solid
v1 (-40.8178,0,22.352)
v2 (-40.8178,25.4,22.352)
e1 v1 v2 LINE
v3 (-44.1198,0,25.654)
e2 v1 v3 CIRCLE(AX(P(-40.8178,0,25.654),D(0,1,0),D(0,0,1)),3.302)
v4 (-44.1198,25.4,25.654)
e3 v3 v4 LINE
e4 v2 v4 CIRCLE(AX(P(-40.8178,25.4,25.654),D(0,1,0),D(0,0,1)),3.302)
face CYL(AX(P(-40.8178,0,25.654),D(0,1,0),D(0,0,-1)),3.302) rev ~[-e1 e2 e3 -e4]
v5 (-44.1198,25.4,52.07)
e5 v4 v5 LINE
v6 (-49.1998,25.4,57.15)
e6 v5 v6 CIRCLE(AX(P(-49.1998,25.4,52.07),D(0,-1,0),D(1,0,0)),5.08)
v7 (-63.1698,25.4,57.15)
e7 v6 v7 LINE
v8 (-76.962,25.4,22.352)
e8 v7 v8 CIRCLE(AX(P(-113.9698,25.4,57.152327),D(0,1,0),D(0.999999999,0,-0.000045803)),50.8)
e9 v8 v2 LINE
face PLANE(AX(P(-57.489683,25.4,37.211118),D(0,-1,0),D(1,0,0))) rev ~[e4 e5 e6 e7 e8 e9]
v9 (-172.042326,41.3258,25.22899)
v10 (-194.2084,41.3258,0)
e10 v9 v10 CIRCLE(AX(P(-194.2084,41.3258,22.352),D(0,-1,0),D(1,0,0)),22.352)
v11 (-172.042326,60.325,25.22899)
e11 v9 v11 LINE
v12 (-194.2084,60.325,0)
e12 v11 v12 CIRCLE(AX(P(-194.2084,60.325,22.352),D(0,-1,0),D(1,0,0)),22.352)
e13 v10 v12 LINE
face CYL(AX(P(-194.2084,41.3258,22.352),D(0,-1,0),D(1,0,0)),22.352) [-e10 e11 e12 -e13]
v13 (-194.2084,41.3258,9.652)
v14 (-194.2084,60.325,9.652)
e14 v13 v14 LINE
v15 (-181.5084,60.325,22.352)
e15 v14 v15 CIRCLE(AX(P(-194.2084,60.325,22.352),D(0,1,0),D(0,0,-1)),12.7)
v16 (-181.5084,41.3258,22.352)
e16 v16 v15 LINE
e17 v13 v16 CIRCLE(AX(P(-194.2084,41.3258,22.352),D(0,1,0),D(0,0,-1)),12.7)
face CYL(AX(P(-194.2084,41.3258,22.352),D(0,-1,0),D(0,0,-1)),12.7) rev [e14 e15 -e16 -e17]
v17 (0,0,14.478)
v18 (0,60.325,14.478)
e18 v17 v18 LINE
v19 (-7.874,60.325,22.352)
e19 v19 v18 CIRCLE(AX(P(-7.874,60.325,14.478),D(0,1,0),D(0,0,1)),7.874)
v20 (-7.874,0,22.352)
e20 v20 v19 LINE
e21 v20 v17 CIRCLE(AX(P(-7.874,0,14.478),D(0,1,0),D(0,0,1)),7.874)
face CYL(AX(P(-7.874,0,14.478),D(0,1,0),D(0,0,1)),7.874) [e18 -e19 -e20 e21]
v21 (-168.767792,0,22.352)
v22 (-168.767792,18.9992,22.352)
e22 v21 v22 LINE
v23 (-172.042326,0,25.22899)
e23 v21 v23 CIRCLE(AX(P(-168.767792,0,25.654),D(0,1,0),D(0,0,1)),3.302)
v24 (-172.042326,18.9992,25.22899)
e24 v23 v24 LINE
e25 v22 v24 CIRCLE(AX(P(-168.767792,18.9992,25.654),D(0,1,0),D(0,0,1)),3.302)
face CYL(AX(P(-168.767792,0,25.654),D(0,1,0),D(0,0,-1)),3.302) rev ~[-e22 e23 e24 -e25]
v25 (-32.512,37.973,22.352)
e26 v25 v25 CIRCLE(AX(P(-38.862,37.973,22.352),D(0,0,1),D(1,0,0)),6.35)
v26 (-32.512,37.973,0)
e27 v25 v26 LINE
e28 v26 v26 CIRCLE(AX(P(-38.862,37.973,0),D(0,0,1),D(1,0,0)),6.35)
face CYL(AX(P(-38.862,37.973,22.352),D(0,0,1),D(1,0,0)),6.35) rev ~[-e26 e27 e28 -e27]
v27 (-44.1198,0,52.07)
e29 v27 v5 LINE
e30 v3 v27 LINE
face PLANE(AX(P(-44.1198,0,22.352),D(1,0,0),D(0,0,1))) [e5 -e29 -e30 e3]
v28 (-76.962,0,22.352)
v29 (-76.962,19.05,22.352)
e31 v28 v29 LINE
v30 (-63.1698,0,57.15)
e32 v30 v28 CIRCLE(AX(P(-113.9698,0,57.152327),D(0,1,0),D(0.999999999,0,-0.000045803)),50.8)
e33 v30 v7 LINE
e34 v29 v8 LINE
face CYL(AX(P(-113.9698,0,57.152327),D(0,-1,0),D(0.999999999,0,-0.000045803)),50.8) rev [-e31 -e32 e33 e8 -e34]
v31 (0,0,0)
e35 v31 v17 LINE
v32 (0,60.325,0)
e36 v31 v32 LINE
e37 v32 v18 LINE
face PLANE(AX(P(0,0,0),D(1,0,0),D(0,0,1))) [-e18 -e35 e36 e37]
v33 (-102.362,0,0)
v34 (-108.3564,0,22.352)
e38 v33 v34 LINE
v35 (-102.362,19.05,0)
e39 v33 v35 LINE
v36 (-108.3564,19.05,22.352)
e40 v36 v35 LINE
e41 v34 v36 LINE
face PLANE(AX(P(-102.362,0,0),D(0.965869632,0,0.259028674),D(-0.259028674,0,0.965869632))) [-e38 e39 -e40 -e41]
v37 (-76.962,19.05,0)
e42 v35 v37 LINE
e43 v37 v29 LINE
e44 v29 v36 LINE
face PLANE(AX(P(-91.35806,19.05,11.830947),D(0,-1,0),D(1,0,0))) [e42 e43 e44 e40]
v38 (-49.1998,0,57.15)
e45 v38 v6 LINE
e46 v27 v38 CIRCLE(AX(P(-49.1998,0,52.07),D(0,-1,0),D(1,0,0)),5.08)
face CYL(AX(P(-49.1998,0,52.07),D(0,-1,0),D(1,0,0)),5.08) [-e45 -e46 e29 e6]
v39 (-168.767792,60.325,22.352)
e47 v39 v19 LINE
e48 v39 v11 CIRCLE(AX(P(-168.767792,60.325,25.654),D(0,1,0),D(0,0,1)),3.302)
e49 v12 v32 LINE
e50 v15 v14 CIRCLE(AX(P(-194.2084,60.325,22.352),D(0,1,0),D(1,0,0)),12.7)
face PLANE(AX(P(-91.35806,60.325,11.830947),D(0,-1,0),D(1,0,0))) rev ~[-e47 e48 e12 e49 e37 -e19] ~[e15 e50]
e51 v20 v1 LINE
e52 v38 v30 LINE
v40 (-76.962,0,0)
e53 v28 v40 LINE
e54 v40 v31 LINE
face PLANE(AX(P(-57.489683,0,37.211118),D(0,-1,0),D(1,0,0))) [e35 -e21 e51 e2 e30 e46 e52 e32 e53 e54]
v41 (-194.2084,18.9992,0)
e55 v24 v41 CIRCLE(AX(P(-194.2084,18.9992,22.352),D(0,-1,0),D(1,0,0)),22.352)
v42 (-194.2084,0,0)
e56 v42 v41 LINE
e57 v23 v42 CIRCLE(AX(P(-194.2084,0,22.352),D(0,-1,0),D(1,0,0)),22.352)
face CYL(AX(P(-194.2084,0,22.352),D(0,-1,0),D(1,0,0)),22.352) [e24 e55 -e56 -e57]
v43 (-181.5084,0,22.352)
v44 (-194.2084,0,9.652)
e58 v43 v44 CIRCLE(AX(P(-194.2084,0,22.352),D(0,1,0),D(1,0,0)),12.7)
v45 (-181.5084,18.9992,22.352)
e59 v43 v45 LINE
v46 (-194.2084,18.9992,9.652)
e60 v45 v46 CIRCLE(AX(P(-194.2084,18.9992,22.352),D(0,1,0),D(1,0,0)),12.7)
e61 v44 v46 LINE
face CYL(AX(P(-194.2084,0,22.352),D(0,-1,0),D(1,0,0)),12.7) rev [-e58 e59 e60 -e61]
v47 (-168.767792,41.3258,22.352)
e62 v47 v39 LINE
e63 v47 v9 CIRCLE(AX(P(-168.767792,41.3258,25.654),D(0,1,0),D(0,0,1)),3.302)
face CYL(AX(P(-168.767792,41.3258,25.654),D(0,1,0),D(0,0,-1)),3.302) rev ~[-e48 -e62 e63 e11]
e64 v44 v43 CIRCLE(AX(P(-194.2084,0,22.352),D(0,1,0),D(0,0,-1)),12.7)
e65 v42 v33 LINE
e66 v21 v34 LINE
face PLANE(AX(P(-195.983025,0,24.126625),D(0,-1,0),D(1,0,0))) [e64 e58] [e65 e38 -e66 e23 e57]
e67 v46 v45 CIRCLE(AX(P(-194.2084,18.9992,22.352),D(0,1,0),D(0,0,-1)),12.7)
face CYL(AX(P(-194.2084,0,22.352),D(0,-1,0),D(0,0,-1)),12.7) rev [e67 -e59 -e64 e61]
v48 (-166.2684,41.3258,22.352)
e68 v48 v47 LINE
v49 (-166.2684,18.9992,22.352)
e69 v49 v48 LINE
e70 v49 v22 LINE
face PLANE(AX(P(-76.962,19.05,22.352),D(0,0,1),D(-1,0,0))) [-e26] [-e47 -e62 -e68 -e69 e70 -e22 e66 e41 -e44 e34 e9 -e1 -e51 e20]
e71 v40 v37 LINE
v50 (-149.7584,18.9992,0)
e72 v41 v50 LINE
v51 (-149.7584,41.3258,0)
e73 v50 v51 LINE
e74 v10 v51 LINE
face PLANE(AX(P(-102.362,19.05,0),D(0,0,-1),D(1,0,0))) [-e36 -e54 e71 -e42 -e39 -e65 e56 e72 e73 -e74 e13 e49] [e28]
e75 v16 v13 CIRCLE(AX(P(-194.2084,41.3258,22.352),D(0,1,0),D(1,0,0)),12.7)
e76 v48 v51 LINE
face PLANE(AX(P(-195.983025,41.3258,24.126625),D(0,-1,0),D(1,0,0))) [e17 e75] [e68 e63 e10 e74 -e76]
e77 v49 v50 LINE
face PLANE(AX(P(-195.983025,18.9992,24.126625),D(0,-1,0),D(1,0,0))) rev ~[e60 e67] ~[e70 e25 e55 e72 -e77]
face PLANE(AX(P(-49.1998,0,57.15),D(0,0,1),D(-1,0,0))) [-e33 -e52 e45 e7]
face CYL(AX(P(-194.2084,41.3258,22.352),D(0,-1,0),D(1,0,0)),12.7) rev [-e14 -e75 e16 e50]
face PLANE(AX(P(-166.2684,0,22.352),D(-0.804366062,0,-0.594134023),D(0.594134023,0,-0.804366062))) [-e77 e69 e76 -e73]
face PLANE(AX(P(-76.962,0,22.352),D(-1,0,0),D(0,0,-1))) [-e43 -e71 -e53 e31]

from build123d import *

# Parameters (mm, degrees)
F1_DEPTH  = 18.9992
F2_START  = -41.3258
F2_DEPTH  = 18.9992
F3_DEPTH  = 60.325
F4_DEPTH  = 60.325
F5_START  = -19.05
F5_DEPTH  = 41.275
F6_DEPTH  = 25.4
F7_R      = 3.302
F8_R      = 7.874
F9_R      = 6.35
F10_DEPTH = 22.353


with BuildPart() as f1:
    # F0 (on Front) → F1 (new body)
    with BuildSketch(Plane.XZ):
        with BuildLine():
            ThreePointArc((-171.8564, 22.352), (-210.0136507731, 38.1572507731), (-194.2084, 0))
            Line((-194.2084, 0), (-194.2084, 9.652))
            ThreePointArc((-194.2084, 9.652), (-203.1886561211, 31.3322561211), (-181.5084, 22.352))
            Line((-181.5084, 22.352), (-171.8564, 22.352))
        make_face()
        with BuildLine():
            Line((-194.2084, 9.652), (-194.2084, 0))
            ThreePointArc((-194.2084, 0), (-178.4031492269, 6.5467492269), (-171.8564, 22.352))
            Line((-171.8564, 22.352), (-181.5084, 22.352))
            ThreePointArc((-181.5084, 22.352), (-185.2281438789, 13.3717438789), (-194.2084, 9.652))
        make_face()
        with BuildLine():
            Line((-194.2084, 0), (-149.7584, 0))
            Line((-149.7584, 0), (-166.2684, 22.352))
            Line((-166.2684, 22.352), (-171.8564, 22.352))
            ThreePointArc((-171.8564, 22.352), (-178.4031492269, 6.5467492269), (-194.2084, 0))
        make_face()
        Polygon((-149.7584, 0), (-102.362, 0), (-108.3564, 22.352), (-166.2684, 22.352), align=None)
    extrude(amount=-F1_DEPTH)



with BuildPart() as f2:
    # F0 (on Front) → F2 (new body)
    with BuildSketch(Plane.XZ.offset(F2_START)):
        with BuildLine():
            ThreePointArc((-171.8564, 22.352), (-210.0136507731, 38.1572507731), (-194.2084, 0))
            Line((-194.2084, 0), (-194.2084, 9.652))
            ThreePointArc((-194.2084, 9.652), (-203.1886561211, 31.3322561211), (-181.5084, 22.352))
            Line((-181.5084, 22.352), (-171.8564, 22.352))
        make_face()
        with BuildLine():
            Line((-194.2084, 0), (-149.7584, 0))
            Line((-149.7584, 0), (-166.2684, 22.352))
            Line((-166.2684, 22.352), (-171.8564, 22.352))
            ThreePointArc((-171.8564, 22.352), (-178.4031492269, 6.5467492269), (-194.2084, 0))
        make_face()
        with BuildLine():
            Line((-194.2084, 9.652), (-194.2084, 0))
            ThreePointArc((-194.2084, 0), (-178.4031492269, 6.5467492269), (-171.8564, 22.352))
            Line((-171.8564, 22.352), (-181.5084, 22.352))
            ThreePointArc((-181.5084, 22.352), (-185.2281438789, 13.3717438789), (-194.2084, 9.652))
        make_face()
        Polygon((-149.7584, 0), (-102.362, 0), (-108.3564, 22.352), (-166.2684, 22.352), align=None)
    extrude(amount=-F2_DEPTH)


with BuildPart() as f1_1:
    add(f1.part)

    add(f2.part)  # F3 merges F2
    # F0 (on Front) → F3 (join, through all)
    with BuildSketch(Plane.XZ):
        Polygon((-149.7584, 0), (-102.362, 0), (-108.3564, 22.352), (-166.2684, 22.352), align=None)
    extrude(amount=-F3_DEPTH)



with BuildPart() as f4:
    # F0 (on Front) → F4 (new body)
    with BuildSketch(Plane.XZ):
        Polygon((-76.962, 0), (0, 0), (0, 22.352), (-44.1198, 22.352), (-76.962, 22.352), align=None)
    extrude(amount=-F4_DEPTH)


with BuildPart() as f1_2:
    add(f1_1.part)

    add(f4.part)  # F5 merges F4
    # F0 (on Front) → F5 (join)
    with BuildSketch(Plane.XZ.offset(F5_START)):
        Polygon((-102.362, 0), (-76.962, 0), (-76.962, 22.352), (-108.3564, 22.352), align=None)
    extrude(amount=-F5_DEPTH)

    # F0 (on Front) → F6 (join)
    with BuildSketch(Plane.XZ):
        with BuildLine():
            ThreePointArc((-63.1698, 57.15), (-66.7439846384, 38.4343576341), (-76.962, 22.352))
            Line((-76.962, 22.352), (-44.1198, 22.352))
            Line((-44.1198, 22.352), (-44.1198, 52.07))
            ThreePointArc((-44.1198, 52.07), (-45.6076975516, 55.6621024484), (-49.1998, 57.15))
            Line((-49.1998, 57.15), (-63.1698, 57.15))
        make_face()
    extrude(amount=-F6_DEPTH)

    # F7
    f7_edges = [f1_2.edges().sort_by_distance(p)[0] for p in [
        (-44.1198, 12.7, 22.352),
        (-171.8564, 9.4996, 22.352),
        (-171.8564, 50.8254, 22.352),
    ]]
    fillet(f7_edges, radius=F7_R)

    # F8
    f8_edges = [f1_2.edges().sort_by_distance(p)[0] for p in [
        (0, 30.1625, 22.352),
    ]]
    fillet(f8_edges, radius=F8_R)

    # F9 (on face) → F10 (cut, through all)
    with BuildSketch(Plane.XY.offset(22.352)):
        with Locations((-38.862, 37.973)):
            Circle(F9_R)
    extrude(amount=-F10_DEPTH, mode=Mode.SUBTRACT)


solid = f1_2.part
